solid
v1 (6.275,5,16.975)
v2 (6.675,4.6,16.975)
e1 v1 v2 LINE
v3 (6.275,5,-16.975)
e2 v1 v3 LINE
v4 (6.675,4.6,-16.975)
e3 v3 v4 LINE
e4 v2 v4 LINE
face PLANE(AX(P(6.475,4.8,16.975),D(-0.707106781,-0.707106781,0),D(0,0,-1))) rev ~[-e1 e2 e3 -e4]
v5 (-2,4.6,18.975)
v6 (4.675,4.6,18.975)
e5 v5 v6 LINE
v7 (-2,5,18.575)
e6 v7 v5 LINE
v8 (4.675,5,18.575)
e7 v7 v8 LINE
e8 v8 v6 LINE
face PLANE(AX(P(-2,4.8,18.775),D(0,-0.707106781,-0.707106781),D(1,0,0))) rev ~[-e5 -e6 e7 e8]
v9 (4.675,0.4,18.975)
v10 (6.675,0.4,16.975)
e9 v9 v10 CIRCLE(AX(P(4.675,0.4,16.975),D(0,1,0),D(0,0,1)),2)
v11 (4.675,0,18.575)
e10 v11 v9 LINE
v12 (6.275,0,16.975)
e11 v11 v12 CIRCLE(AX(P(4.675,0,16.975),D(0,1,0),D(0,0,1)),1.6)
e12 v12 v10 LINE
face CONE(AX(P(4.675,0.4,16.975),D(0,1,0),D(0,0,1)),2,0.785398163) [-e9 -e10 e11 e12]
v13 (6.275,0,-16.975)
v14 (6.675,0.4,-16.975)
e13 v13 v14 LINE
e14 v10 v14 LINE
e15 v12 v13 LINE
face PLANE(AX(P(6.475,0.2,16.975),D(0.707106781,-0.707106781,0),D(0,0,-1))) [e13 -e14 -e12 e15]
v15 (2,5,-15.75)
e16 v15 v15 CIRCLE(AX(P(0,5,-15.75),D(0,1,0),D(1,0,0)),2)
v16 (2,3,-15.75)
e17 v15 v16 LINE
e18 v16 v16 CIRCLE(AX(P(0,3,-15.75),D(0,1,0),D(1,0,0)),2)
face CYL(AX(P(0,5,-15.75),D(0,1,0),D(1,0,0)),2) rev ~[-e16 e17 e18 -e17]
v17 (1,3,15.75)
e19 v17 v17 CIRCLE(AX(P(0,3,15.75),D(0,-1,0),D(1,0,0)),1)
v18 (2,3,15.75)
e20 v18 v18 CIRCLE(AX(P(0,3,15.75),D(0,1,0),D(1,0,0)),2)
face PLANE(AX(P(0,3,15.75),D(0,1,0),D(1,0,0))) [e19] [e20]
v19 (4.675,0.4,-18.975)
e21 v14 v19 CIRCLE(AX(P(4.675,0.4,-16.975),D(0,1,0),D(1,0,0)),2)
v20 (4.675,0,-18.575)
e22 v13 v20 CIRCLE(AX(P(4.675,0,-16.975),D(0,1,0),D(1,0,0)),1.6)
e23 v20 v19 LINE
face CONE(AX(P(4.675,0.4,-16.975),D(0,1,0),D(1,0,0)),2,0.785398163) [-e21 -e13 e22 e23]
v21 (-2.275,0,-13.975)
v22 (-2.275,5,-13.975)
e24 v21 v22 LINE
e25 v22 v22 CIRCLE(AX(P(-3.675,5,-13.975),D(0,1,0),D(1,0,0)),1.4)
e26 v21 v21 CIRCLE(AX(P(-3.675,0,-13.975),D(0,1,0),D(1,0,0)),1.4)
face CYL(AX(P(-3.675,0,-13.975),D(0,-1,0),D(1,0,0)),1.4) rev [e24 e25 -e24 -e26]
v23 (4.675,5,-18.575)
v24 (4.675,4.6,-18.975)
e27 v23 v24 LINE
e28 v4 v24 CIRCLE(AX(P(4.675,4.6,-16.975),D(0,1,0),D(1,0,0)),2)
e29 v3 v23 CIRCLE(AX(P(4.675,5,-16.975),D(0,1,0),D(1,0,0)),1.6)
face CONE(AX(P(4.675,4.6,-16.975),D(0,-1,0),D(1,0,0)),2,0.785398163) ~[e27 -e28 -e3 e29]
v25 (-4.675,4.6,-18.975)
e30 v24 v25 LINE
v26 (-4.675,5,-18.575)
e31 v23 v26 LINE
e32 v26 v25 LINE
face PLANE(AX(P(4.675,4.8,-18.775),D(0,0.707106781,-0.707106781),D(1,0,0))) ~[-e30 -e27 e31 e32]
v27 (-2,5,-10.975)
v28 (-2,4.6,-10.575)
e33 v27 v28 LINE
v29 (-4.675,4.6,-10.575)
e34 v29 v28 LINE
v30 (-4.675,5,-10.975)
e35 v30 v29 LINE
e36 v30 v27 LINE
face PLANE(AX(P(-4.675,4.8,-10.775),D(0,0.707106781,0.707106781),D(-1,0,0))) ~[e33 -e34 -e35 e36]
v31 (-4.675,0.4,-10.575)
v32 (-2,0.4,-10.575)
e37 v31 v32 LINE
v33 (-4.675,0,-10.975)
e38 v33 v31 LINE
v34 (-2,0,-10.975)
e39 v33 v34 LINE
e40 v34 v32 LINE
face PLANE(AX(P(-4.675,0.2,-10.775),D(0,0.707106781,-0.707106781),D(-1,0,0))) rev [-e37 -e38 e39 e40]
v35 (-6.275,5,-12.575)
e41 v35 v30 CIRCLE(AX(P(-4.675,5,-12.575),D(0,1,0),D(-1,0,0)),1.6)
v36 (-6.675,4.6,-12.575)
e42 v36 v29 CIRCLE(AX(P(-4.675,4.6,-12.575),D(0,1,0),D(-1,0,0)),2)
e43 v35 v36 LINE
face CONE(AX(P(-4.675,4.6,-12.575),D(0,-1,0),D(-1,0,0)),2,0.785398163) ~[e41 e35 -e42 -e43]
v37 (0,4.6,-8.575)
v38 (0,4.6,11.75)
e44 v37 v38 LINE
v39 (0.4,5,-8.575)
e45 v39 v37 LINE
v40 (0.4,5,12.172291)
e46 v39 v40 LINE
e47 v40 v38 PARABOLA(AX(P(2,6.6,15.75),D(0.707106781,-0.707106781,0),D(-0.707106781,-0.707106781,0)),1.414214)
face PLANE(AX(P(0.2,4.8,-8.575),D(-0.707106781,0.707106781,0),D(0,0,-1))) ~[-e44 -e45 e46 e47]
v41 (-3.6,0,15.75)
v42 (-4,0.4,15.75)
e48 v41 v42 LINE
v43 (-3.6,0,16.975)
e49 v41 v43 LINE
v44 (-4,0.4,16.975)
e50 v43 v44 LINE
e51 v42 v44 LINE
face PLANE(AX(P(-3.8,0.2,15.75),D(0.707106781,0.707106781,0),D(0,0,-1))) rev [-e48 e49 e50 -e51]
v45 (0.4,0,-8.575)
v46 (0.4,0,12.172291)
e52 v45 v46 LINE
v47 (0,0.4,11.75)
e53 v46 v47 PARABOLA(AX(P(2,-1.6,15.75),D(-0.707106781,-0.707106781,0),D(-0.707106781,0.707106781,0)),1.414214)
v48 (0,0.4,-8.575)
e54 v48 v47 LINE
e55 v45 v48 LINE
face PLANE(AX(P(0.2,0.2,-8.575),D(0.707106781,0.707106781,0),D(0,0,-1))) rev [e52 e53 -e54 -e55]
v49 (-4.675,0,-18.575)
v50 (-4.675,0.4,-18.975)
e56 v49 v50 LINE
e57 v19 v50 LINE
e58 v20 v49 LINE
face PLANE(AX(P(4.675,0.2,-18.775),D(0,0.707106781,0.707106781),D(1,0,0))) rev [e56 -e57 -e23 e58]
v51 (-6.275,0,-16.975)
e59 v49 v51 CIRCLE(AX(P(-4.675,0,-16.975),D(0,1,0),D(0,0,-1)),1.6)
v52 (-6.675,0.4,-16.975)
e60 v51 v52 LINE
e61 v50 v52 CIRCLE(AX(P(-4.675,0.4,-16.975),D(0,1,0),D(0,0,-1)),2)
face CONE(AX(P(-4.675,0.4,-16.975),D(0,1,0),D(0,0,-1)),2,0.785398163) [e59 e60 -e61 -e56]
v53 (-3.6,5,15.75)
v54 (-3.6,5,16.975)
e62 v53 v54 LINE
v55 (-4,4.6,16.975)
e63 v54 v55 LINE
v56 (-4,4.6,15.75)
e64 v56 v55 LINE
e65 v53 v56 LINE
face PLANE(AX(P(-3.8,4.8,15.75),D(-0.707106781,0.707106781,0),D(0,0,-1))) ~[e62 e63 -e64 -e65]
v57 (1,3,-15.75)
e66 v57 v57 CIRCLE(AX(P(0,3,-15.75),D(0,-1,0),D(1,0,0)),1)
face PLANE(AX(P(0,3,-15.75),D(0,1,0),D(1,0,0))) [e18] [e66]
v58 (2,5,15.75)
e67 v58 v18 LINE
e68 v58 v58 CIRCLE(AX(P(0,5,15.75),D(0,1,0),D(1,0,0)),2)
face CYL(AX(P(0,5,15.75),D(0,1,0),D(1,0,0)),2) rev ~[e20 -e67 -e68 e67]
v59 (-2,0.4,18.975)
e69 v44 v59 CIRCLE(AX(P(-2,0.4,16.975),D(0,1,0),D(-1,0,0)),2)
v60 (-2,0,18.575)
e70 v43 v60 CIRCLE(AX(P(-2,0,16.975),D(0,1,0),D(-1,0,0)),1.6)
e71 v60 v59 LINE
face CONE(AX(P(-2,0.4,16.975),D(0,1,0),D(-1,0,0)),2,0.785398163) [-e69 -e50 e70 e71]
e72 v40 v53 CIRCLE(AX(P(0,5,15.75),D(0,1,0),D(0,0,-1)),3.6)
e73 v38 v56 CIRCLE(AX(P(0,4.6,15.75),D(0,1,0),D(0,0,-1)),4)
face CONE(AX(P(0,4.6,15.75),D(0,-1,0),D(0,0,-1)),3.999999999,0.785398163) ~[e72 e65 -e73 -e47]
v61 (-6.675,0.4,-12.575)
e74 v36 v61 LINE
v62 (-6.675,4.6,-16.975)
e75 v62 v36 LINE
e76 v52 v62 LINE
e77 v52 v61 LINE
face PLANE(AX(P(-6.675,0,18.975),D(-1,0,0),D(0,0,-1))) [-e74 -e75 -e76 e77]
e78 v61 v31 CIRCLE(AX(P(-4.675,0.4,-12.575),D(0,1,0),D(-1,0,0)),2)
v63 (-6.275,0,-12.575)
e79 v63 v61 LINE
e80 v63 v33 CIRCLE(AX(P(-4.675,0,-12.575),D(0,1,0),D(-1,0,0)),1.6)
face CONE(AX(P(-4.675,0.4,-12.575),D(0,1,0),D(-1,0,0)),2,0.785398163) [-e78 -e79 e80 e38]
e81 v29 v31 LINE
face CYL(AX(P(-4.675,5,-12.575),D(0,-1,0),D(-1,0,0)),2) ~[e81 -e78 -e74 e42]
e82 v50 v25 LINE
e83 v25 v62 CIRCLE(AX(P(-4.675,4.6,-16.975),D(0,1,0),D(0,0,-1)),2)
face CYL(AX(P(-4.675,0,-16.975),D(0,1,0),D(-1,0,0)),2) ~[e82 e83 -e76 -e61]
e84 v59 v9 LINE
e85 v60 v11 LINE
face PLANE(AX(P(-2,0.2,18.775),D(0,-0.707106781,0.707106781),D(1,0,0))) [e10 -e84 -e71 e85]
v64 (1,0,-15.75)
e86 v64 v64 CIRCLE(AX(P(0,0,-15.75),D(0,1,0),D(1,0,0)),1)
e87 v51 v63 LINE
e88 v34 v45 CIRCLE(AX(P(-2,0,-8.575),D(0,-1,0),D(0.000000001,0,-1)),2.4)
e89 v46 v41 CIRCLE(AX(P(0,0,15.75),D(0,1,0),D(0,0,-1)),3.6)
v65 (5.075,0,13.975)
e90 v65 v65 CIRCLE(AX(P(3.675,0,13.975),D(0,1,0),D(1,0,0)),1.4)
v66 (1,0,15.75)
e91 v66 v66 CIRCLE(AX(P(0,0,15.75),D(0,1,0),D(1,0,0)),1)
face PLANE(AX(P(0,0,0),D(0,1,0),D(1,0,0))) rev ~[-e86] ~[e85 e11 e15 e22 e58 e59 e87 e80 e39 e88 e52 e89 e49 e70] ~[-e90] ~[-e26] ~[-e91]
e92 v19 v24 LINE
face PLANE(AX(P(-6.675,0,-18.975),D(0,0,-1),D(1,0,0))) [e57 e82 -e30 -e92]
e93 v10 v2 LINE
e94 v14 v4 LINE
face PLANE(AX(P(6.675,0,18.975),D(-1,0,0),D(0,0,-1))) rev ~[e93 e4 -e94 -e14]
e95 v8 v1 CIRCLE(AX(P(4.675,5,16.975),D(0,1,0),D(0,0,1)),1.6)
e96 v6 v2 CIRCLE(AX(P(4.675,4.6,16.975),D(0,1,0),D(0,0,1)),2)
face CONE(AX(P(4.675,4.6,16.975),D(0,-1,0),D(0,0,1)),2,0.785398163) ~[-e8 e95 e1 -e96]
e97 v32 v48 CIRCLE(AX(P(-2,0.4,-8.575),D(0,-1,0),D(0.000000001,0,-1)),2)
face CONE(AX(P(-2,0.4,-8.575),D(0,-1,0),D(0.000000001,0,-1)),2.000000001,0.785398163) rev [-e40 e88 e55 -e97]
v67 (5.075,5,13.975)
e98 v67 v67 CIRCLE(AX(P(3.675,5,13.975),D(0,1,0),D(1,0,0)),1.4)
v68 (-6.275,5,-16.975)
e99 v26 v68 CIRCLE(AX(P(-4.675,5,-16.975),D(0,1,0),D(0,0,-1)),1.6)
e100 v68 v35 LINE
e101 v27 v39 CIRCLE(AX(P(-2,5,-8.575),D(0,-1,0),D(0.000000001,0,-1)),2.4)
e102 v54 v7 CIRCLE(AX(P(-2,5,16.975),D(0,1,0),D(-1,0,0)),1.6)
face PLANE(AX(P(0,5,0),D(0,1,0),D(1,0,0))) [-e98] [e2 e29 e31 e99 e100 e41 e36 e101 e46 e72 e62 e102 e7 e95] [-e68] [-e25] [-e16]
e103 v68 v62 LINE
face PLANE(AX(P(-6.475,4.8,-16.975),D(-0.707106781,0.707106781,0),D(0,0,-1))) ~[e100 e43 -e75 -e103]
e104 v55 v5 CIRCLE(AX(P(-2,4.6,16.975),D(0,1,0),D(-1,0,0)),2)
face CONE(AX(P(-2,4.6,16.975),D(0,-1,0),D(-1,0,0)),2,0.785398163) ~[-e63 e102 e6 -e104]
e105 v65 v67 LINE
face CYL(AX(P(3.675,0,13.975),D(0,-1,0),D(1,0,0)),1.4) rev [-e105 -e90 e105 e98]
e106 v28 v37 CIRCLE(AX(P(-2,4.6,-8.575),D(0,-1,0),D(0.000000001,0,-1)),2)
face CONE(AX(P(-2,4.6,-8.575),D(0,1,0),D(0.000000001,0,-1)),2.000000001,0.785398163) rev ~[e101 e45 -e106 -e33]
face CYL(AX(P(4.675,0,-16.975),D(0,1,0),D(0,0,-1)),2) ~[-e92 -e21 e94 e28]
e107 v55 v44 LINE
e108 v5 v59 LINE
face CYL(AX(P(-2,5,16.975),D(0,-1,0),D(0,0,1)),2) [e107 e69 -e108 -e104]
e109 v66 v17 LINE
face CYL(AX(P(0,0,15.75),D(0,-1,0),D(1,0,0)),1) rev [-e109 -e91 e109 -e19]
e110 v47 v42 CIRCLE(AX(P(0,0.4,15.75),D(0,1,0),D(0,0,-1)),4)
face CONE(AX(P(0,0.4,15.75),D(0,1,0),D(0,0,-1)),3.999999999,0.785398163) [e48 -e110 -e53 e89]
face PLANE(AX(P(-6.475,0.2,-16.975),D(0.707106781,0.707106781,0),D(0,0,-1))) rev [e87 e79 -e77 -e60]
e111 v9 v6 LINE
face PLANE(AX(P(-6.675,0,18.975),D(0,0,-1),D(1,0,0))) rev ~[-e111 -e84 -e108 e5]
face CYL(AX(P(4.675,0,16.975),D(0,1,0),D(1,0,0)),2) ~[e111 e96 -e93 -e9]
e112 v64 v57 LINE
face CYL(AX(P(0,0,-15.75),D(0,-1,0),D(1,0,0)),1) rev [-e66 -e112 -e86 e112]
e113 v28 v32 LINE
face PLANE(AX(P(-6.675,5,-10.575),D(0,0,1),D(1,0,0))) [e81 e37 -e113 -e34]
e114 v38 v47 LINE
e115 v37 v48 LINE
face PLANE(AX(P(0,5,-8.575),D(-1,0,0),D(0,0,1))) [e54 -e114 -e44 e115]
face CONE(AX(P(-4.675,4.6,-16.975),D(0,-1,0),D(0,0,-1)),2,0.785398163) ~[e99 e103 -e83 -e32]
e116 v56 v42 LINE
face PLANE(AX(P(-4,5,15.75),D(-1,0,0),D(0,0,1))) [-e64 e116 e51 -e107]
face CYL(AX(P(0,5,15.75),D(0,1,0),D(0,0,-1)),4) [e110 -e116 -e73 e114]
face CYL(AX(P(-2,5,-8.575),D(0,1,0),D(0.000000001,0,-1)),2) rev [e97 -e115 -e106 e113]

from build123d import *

# Parameters (mm, degrees)
SKETCH2_W           = 13.35
SKETCH2_H           = 37.95
SKETCH2_R           = 1.4
SKETCH2_R_2         = 1
BOSS_EXTRUDE1_DEPTH = 5
SKETCH3_R           = 2
CUT_EXTRUDE1_DEPTH  = 2
CUT_EXTRUDE2_DEPTH  = 6
FILLET1_R           = 2
CHAMFER1_SIZE       = 0.4


with BuildPart() as part:
    # Sketch2 → Boss-Extrude1 (new body)
    with BuildSketch(Plane(origin=(0, 0, 0), x_dir=(1, 0, 0), z_dir=(0, 1, 0))):
        Rectangle(SKETCH2_W, SKETCH2_H)
        with Locations((-3.675, 13.975)):
            Circle(SKETCH2_R, mode=Mode.SUBTRACT)
        with Locations((3.675, -13.975)):
            Circle(SKETCH2_R, mode=Mode.SUBTRACT)
        with Locations((0, 15.75)):
            Circle(SKETCH2_R_2, mode=Mode.SUBTRACT)
        with Locations((0, -15.75)):
            Circle(SKETCH2_R_2, mode=Mode.SUBTRACT)
    extrude(amount=BOSS_EXTRUDE1_DEPTH)

    # Sketch3 → Cut-Extrude1 (cut)
    with BuildSketch(Plane(origin=(0, 5, 0), x_dir=(1, 0, 0), z_dir=(0, 1, 0))):
        with Locations((0, 15.75)):
            Circle(SKETCH3_R)
        with Locations((0, -15.75)):
            Circle(SKETCH3_R)
    extrude(amount=-CUT_EXTRUDE1_DEPTH, mode=Mode.SUBTRACT)

    # Sketch4 → Cut-Extrude2 (cut, through all)
    with BuildSketch(Plane(origin=(0, 5, 0), x_dir=(1, 0, 0), z_dir=(0, 1, 0))):
        with BuildLine():
            Line((-6.675, 10.575), (-2, 10.575))
            ThreePointArc((-2, 10.575), (-0.585786438, 9.989213562), (0, 8.575))
            Line((0, 8.575), (0, -11.75))
            ThreePointArc((0, -11.75), (-2.828427125, -12.921572875), (-4, -15.75))
            Line((-4, -15.75), (-4, -18.975))
            Line((-4, -18.975), (-6.675, -18.975))
            Line((-6.675, -18.975), (-6.675, 10.575))
        make_face()
    extrude(amount=-CUT_EXTRUDE2_DEPTH, mode=Mode.SUBTRACT)

    # Fillet1
    fillet1_edges = [part.edges().sort_by_distance(p)[0] for p in [
        (-6.675, 2.5, -10.575),
        (-4, 2.5, 18.975),
        (-6.675, 2.5, -18.975),
        (6.675, 2.5, -18.975),
        (6.675, 2.5, 18.975),
    ]]
    fillet(fillet1_edges, radius=FILLET1_R)

    # Chamfer1
    chamfer1_edges = [part.edges().sort_by_distance(p)[0] for p in [
        (-3.3375, 0, -10.575),
        (-0.585786438, 0, -9.989213562),
        (0, 0, 1.5875),
        (-2.828427125, 0, 12.921572875),
        (-2.828427125, 5, 12.921572875),
        (0, 5, 1.5875),
        (-0.585786438, 5, -9.989213562),
        (-3.3375, 5, -10.575),
        (-6.675, 0, -14.775),
        (-6.675, 5, -14.775),
        (-4, 5, 16.3625),
        (1.3375, 5, 18.975),
        (6.675, 5, 0),
        (0, 5, -18.975),
        (-3.414213562, 5, 18.389213562),
        (6.089213562, 5, 18.389213562),
        (6.089213562, 5, -18.389213562),
        (-6.089213562, 5, -18.389213562),
        (-6.089213562, 5, -11.160786438),
        (0, 0, -18.975),
        (6.675, 0, 0),
        (1.3375, 0, 18.975),
        (-4, 0, 16.3625),
        (-3.414213562, 0, 18.389213562),
        (6.089213562, 0, 18.389213562),
        (6.089213562, 0, -18.389213562),
        (-6.089213562, 0, -18.389213562),
        (-6.089213562, 0, -11.160786438),
    ]]
    chamfer(chamfer1_edges, length=CHAMFER1_SIZE)


solid = part.part
